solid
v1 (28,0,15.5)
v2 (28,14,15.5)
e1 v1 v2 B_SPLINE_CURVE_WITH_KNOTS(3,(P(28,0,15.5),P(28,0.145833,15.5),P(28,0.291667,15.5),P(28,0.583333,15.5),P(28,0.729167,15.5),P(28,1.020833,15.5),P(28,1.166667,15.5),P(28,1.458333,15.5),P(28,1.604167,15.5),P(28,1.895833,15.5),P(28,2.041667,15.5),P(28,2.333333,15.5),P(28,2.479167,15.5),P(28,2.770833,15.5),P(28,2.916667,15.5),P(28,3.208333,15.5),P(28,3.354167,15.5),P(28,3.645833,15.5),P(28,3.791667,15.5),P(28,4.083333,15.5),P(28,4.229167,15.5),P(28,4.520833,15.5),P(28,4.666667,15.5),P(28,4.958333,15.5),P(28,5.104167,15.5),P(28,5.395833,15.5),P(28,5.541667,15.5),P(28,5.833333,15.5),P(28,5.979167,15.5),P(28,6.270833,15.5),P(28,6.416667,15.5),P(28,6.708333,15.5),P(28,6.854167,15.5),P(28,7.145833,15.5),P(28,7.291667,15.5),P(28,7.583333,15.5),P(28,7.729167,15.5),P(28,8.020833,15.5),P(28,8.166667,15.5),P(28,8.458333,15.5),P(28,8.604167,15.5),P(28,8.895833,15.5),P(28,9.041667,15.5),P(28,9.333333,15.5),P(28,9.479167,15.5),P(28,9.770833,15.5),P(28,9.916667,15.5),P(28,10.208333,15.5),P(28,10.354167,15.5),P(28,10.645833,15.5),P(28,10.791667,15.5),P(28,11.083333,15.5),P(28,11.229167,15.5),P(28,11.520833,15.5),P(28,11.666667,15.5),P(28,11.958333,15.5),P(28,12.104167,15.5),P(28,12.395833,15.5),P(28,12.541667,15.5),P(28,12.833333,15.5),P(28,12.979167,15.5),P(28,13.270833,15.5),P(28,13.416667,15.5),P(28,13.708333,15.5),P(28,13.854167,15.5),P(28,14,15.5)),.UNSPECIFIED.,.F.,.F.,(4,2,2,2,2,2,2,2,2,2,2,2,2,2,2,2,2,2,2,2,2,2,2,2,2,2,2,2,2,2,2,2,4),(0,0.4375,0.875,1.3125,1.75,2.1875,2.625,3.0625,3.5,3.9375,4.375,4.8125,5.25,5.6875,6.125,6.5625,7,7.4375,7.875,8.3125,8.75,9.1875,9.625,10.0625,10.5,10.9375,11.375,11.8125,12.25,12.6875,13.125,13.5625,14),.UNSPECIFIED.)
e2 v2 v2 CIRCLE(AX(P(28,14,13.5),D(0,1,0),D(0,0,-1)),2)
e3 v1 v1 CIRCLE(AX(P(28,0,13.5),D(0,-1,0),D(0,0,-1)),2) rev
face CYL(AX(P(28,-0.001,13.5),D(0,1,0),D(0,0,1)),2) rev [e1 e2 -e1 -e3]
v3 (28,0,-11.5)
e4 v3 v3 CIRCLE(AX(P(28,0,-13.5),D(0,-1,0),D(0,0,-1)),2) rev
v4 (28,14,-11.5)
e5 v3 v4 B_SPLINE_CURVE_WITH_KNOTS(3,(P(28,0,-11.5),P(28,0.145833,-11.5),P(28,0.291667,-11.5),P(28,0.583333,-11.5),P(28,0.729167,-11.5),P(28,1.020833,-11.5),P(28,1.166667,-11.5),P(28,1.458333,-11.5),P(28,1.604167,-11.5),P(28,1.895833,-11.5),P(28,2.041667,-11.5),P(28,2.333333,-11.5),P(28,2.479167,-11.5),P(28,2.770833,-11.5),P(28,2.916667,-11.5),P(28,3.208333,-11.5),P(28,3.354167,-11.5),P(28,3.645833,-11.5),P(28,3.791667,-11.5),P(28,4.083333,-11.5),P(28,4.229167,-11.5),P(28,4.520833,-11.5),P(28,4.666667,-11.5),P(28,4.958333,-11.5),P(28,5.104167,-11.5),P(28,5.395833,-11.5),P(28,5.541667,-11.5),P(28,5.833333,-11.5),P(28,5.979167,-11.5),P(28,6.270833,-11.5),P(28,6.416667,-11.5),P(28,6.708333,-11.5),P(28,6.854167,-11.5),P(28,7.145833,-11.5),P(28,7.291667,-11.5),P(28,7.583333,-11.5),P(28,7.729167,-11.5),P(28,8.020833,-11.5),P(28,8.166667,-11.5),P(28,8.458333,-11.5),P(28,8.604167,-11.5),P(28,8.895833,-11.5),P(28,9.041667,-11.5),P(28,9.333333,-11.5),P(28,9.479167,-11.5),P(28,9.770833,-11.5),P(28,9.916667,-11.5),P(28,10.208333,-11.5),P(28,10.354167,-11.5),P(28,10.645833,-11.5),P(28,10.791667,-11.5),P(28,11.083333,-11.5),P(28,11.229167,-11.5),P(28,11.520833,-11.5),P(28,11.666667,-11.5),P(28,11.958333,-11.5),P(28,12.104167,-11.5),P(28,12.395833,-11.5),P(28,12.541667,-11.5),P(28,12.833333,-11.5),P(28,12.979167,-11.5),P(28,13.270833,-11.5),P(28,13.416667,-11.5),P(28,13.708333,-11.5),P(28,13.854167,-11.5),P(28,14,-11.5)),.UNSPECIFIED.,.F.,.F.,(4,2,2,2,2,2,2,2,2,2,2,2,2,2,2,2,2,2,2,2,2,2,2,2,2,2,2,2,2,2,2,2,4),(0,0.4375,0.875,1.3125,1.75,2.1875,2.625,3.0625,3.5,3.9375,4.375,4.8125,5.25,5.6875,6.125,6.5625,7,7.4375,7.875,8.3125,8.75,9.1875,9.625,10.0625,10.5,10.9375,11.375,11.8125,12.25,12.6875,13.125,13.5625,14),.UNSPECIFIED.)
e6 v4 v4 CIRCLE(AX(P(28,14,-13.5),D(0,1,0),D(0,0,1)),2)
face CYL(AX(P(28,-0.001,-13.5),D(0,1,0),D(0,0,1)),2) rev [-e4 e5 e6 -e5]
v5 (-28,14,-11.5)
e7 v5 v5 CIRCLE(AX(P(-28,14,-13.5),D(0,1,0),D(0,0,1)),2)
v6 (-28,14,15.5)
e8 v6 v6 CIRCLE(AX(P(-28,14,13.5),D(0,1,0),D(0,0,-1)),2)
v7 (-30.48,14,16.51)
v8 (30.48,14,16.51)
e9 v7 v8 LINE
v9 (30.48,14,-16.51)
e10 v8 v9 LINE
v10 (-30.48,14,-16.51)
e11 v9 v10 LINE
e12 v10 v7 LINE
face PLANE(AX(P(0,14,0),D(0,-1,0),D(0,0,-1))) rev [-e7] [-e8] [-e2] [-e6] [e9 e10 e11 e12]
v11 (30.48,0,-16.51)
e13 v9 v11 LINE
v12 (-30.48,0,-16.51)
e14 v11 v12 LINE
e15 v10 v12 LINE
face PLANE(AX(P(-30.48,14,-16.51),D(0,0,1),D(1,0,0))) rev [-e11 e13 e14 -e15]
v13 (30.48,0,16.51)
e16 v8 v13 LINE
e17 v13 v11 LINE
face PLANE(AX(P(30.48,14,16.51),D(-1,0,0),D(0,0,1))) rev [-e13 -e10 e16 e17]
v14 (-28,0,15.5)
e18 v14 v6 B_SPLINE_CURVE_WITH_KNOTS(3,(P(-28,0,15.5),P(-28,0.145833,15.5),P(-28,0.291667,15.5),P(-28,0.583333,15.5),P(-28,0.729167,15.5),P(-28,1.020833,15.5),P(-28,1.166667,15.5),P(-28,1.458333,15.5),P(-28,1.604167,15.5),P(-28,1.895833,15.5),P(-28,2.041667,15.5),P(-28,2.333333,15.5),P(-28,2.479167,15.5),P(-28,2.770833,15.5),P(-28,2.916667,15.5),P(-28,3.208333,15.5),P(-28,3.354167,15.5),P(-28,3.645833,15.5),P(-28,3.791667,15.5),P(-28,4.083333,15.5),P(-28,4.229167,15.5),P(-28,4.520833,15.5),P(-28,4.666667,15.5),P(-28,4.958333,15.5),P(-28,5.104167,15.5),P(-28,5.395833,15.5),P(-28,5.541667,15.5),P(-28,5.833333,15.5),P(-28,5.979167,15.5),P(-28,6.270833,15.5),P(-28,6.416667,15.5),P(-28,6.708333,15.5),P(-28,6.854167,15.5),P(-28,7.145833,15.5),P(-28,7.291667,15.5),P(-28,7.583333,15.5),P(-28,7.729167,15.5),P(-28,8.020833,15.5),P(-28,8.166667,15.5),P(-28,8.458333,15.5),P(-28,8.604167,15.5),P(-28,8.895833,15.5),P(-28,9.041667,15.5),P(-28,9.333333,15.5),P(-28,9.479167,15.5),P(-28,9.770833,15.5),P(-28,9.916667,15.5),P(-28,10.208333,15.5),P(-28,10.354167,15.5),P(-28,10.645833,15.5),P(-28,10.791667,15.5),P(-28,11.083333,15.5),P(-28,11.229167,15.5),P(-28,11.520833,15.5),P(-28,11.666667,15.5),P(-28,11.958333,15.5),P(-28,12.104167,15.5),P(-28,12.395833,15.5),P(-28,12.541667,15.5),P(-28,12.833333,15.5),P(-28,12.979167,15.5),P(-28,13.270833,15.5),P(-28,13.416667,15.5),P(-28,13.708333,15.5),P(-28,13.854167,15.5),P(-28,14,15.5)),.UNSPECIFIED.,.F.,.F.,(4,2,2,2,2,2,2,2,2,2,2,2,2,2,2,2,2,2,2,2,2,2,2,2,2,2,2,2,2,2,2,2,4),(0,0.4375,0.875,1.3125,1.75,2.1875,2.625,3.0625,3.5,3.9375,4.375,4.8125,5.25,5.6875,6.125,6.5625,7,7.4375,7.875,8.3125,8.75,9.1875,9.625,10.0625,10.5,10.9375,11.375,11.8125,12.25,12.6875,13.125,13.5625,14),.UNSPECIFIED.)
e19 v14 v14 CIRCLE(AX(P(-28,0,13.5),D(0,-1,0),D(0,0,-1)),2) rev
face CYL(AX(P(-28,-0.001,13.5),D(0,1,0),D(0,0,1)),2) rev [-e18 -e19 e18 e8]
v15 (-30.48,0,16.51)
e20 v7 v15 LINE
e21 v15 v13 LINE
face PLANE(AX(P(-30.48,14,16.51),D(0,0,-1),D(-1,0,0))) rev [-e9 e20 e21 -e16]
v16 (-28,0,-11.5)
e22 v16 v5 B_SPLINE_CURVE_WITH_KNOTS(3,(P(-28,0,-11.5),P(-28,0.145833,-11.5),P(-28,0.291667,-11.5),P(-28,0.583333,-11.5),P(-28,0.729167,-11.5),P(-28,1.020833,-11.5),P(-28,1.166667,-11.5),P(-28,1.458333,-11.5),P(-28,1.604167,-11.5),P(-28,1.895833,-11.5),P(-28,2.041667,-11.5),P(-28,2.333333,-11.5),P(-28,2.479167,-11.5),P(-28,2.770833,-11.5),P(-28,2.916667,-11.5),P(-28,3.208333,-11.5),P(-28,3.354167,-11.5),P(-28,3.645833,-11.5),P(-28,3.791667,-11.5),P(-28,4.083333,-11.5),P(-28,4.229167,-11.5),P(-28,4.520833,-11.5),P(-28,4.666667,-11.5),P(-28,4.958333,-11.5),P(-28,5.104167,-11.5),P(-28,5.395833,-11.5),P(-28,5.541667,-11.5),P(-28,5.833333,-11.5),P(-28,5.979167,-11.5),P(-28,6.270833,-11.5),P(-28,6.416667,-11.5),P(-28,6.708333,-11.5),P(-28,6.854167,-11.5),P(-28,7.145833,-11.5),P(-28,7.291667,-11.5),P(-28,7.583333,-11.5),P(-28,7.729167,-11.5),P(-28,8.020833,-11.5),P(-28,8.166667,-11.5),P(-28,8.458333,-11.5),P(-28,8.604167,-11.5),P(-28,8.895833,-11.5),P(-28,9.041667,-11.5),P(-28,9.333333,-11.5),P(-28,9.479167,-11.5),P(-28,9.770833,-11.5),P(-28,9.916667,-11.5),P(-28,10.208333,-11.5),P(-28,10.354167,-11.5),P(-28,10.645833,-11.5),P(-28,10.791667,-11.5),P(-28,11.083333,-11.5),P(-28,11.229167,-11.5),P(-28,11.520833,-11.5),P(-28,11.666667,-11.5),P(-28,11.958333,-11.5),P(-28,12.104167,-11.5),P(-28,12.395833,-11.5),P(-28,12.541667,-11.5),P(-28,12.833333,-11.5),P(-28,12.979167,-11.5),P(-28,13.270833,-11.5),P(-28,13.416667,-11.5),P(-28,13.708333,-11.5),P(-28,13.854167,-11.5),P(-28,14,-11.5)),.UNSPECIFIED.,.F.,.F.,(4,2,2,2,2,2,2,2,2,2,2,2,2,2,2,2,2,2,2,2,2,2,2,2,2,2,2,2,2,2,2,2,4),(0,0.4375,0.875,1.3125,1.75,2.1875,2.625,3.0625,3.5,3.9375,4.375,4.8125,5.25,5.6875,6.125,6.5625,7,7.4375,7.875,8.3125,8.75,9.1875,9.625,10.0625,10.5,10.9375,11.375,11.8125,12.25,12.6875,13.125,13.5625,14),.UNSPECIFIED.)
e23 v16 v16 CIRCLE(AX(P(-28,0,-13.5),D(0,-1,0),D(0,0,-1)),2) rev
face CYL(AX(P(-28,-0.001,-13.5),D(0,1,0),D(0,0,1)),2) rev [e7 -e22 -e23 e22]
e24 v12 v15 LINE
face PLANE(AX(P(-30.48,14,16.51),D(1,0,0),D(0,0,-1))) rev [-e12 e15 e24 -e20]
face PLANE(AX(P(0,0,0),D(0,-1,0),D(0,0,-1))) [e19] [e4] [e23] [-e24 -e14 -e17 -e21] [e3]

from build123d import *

# Parameters (mm, degrees)
ESQUISSE1_W             = 60.96
ESQUISSE1_H             = 33.02
BOSS_EXTRU_1_DEPTH      = 14
ENL_V_MAT_EXTRU_1_REACH = 39.385
ESQUISSE2_R             = 2


with BuildPart() as part:
    # Esquisse1 → Boss.-Extru.1 (new body)
    with BuildSketch(Plane(origin=(0, 0, 0), x_dir=(1, 0, 0), z_dir=(0, 1, 0))):
        Rectangle(ESQUISSE1_W, ESQUISSE1_H)
    extrude(amount=BOSS_EXTRU_1_DEPTH)

    # Esquisse2 → Enlèv. mat.-Extru.1 (cut, up to next)
    with BuildSketch(Plane(origin=(0, 14, 0), x_dir=(1, 0, 0), z_dir=(0, 1, 0)), mode=Mode.PRIVATE) as enl_v_mat_extru_1_sk1:
        with Locations(Location((-28, 13.5, 0), (0, 0, 270))):
            Circle(ESQUISSE2_R)
    enl_v_mat_extru_1_tool1 = extrude(enl_v_mat_extru_1_sk1.sketch, amount=-ENL_V_MAT_EXTRU_1_REACH, mode=Mode.PRIVATE) & part.part
    # Esquisse2 → Enlèv. mat.-Extru.1 (cut, up to next)
    with BuildSketch(Plane(origin=(0, 14, 0), x_dir=(1, 0, 0), z_dir=(0, 1, 0)), mode=Mode.PRIVATE) as enl_v_mat_extru_1_sk2:
        with Locations(Location((28, 13.5, 0), (0, 0, 270))):
            Circle(ESQUISSE2_R)
    enl_v_mat_extru_1_tool2 = extrude(enl_v_mat_extru_1_sk2.sketch, amount=-ENL_V_MAT_EXTRU_1_REACH, mode=Mode.PRIVATE) & part.part
    # Esquisse2 → Enlèv. mat.-Extru.1 (cut, up to next)
    with BuildSketch(Plane(origin=(0, 14, 0), x_dir=(1, 0, 0), z_dir=(0, 1, 0)), mode=Mode.PRIVATE) as enl_v_mat_extru_1_sk3:
        with Locations(Location((28, -13.5, 0), (0, 0, 270))):
            Circle(ESQUISSE2_R)
    enl_v_mat_extru_1_tool3 = extrude(enl_v_mat_extru_1_sk3.sketch, amount=-ENL_V_MAT_EXTRU_1_REACH, mode=Mode.PRIVATE) & part.part
    # Esquisse2 → Enlèv. mat.-Extru.1 (cut, up to next)
    with BuildSketch(Plane(origin=(0, 14, 0), x_dir=(1, 0, 0), z_dir=(0, 1, 0)), mode=Mode.PRIVATE) as enl_v_mat_extru_1_sk4:
        with Locations(Location((-28, -13.5, 0), (0, 0, 270))):
            Circle(ESQUISSE2_R)
    enl_v_mat_extru_1_tool4 = extrude(enl_v_mat_extru_1_sk4.sketch, amount=-ENL_V_MAT_EXTRU_1_REACH, mode=Mode.PRIVATE) & part.part
    add(enl_v_mat_extru_1_tool1.solids().sort_by_distance((-28, 14, -13.5))[0], mode=Mode.SUBTRACT)
    add(enl_v_mat_extru_1_tool2.solids().sort_by_distance((28, 14, -13.5))[0], mode=Mode.SUBTRACT)
    add(enl_v_mat_extru_1_tool3.solids().sort_by_distance((28, 14, 13.5))[0], mode=Mode.SUBTRACT)
    add(enl_v_mat_extru_1_tool4.solids().sort_by_distance((-28, 14, 13.5))[0], mode=Mode.SUBTRACT)


solid = part.part
